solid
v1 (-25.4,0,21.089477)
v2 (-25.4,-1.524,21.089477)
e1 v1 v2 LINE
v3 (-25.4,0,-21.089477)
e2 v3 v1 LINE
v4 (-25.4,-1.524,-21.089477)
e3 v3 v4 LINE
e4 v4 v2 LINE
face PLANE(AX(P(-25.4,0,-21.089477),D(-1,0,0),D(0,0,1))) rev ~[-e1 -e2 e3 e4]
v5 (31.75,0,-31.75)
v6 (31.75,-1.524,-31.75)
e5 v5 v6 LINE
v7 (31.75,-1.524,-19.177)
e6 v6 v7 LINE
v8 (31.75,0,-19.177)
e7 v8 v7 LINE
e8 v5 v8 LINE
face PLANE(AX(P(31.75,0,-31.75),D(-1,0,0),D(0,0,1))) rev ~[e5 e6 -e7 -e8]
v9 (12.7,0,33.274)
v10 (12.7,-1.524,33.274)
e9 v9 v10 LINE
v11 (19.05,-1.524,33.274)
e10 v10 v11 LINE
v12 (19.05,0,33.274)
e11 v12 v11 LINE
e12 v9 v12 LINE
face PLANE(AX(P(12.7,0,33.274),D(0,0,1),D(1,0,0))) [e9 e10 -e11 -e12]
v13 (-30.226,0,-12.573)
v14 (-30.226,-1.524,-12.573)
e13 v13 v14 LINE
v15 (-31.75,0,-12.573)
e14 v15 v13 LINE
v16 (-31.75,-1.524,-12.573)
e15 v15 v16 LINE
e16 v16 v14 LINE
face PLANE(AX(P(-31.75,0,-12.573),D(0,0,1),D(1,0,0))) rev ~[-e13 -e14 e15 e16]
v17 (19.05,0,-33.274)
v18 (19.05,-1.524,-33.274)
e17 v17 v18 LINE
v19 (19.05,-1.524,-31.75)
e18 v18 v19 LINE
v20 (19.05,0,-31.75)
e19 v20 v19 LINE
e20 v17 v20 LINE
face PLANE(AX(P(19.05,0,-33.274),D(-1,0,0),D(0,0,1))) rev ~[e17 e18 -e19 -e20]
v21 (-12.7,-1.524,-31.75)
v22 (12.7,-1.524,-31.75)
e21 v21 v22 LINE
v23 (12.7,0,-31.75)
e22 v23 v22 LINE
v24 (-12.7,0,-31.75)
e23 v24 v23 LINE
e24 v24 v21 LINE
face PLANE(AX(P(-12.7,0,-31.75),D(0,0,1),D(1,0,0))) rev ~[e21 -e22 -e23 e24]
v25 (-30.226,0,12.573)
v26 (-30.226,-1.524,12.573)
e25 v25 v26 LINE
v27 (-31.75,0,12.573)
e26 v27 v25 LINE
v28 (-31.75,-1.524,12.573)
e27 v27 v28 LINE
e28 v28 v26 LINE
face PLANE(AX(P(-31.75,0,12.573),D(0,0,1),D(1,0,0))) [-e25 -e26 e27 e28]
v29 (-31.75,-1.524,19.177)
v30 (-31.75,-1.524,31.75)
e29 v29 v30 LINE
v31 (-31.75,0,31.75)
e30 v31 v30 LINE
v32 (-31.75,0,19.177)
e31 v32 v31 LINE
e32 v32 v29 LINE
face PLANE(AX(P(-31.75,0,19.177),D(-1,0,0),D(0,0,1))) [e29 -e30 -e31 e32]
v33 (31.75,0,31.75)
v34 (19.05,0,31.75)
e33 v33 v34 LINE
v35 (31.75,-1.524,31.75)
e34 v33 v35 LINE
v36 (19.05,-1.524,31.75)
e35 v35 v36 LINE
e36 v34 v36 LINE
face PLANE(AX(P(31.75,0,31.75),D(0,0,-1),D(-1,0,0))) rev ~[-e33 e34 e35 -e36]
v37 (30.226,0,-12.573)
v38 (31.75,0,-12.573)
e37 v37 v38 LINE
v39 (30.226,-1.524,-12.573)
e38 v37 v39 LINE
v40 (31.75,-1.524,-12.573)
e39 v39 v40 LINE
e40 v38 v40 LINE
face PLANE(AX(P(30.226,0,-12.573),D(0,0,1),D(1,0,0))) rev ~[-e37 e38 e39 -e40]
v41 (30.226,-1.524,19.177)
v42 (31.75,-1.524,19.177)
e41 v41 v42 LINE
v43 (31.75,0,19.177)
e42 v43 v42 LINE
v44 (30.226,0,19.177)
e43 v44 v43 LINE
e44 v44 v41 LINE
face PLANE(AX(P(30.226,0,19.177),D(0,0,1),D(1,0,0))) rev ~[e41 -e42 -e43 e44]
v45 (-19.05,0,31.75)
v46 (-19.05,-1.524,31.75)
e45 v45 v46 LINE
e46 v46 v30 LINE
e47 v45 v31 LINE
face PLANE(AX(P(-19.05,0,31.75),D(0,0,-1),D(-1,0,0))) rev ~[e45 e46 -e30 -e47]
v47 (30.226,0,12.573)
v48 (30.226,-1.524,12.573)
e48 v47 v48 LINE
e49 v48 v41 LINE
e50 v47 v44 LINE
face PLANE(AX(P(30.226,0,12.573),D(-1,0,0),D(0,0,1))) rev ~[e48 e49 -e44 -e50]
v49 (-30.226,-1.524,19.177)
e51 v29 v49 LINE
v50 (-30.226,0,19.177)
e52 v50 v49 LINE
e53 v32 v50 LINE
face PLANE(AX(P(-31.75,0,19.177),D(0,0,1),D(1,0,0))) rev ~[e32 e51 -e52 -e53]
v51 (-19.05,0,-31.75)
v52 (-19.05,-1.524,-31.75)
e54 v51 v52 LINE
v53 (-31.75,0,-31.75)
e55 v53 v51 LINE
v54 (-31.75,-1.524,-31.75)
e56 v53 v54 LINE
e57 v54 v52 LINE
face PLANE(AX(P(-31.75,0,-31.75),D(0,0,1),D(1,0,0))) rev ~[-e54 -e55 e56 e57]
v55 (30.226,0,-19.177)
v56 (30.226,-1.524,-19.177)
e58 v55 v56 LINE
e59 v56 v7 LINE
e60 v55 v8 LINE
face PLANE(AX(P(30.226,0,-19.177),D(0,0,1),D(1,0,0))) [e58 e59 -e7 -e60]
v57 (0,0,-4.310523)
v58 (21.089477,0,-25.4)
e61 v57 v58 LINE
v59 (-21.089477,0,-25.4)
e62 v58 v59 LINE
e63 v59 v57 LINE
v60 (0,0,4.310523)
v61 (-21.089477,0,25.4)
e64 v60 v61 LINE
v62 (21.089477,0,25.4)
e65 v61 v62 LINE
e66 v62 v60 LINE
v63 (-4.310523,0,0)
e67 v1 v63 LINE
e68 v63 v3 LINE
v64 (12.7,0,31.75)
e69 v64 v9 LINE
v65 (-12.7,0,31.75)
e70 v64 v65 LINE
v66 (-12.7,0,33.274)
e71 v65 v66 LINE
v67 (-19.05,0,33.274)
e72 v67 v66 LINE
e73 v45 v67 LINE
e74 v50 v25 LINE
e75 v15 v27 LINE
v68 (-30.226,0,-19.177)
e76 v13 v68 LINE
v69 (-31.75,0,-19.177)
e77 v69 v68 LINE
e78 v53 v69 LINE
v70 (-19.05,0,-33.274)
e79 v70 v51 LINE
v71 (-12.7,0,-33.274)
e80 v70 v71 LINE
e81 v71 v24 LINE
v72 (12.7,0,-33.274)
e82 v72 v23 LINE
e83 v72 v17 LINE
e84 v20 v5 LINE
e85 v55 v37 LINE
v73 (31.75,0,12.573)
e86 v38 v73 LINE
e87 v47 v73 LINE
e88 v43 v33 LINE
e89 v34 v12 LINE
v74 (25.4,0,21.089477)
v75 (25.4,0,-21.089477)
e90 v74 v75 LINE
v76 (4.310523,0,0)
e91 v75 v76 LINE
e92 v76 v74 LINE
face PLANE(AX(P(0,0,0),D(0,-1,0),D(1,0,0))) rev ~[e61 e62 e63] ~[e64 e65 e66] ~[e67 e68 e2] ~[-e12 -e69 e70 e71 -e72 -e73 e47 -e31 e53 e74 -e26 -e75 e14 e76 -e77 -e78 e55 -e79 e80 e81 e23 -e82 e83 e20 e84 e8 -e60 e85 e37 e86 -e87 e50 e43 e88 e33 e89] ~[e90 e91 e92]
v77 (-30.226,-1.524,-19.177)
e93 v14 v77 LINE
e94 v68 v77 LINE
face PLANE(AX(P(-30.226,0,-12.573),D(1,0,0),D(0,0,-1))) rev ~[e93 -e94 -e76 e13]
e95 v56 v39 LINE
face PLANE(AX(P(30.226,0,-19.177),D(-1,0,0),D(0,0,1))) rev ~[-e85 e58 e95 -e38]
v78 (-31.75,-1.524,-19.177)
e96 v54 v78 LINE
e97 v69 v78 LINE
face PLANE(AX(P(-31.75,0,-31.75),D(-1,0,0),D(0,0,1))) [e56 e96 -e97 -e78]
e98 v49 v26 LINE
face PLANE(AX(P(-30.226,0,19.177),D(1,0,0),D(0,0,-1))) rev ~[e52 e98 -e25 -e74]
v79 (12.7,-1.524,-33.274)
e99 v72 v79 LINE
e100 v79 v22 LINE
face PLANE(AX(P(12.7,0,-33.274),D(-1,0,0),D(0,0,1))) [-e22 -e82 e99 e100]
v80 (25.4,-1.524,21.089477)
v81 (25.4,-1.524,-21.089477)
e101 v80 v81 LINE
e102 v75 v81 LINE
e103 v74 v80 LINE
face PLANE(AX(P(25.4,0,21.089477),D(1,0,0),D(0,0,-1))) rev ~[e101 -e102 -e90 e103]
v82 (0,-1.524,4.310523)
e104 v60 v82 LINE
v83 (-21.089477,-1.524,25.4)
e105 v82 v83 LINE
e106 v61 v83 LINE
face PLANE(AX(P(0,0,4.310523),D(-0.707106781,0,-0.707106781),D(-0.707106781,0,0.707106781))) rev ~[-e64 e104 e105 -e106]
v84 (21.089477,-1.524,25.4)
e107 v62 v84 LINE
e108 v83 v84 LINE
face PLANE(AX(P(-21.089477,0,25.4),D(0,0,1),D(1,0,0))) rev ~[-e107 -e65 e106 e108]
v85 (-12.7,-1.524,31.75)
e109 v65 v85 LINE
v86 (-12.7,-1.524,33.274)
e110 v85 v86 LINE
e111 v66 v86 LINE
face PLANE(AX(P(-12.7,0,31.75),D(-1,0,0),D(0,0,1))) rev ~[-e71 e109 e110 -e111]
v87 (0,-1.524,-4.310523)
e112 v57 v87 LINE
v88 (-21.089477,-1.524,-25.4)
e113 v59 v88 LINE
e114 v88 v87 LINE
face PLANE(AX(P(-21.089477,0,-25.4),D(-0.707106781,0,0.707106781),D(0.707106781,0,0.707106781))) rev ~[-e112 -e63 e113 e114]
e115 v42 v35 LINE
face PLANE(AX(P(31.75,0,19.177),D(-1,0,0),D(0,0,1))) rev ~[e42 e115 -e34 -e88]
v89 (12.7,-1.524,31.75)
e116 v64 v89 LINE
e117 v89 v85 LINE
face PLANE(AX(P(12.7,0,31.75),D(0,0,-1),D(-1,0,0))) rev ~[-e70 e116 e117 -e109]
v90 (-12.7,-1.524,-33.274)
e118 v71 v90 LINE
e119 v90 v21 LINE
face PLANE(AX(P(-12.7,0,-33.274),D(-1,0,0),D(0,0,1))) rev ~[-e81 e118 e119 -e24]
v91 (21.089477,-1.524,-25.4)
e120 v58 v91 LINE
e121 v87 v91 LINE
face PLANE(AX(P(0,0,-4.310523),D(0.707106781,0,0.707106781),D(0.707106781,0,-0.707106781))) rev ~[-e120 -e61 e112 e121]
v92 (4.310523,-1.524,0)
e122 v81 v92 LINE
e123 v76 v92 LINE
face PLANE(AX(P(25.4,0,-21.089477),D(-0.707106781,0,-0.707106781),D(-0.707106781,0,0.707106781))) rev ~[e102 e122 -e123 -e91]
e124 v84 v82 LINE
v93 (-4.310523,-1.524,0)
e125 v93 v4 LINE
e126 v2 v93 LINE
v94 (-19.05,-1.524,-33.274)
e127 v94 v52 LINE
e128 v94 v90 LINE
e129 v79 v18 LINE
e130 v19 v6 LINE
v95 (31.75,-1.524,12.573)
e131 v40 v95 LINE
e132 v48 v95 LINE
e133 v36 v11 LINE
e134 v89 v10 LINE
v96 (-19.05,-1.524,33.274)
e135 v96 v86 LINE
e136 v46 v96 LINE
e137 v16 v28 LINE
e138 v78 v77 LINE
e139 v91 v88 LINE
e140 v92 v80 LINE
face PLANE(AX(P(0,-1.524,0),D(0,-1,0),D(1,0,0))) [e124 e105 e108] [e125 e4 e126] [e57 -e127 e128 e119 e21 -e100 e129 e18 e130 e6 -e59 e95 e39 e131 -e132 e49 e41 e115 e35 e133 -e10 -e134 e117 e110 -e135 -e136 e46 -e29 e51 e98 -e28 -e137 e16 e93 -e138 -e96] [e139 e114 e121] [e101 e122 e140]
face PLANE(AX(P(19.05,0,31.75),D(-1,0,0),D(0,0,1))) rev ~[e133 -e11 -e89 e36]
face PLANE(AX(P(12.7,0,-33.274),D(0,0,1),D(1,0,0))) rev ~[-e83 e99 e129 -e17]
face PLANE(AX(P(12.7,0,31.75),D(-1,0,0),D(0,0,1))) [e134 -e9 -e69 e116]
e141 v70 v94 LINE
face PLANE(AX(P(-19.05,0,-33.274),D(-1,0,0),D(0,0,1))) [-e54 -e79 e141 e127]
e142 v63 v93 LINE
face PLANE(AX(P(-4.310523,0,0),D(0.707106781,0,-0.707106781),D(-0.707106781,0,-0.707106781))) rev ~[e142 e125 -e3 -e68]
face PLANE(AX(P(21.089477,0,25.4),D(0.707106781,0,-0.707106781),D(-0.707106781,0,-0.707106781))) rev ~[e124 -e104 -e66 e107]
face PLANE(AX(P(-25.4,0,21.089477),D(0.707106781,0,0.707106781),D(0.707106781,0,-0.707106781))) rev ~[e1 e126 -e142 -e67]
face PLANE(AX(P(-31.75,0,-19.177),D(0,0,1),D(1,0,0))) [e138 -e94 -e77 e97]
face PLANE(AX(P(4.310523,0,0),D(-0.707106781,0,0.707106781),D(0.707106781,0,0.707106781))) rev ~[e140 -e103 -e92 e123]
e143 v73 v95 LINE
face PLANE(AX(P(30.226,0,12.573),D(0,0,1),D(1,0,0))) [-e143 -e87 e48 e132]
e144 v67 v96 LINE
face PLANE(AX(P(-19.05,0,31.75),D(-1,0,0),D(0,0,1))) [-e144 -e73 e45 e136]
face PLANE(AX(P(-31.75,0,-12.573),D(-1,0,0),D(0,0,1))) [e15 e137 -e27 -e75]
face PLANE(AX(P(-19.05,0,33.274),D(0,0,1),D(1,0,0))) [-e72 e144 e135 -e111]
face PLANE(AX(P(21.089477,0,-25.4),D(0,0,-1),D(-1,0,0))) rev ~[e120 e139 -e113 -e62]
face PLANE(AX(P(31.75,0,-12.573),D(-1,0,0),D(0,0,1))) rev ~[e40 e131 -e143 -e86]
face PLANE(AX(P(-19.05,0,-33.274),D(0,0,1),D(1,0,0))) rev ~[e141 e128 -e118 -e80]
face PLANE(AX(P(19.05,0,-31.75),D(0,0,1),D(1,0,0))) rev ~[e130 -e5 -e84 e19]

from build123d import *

# Parameters (mm, degrees)
F0_W     = 1.524
F0_H     = 12.573
F0_H_2   = 25.146
F0_W_2   = 6.35
F0_H_3   = 1.524
F1_DEPTH = 1.524


with BuildPart() as f1:
    # F0 (on Front) → F1 (new body)
    with BuildSketch(Plane.XZ):
        Polygon((30.226, 19.177), (30.226, 31.75), (19.05, 31.75), (12.7, 31.75), (-12.7, 31.75), (-19.05, 31.75), (-30.226, 31.75), (-30.226, 19.177), (-30.226, 12.573), (-30.226, -12.573), (-30.226, -19.177), (-30.226, -31.75), (-19.05, -31.75), (-12.7, -31.75), (12.7, -31.75), (19.05, -31.75), (30.226, -31.75), (30.226, -19.177), (30.226, -12.573), (30.226, 12.573), align=None)
        Polygon((21.0894770619, 25.4), (25.4, 25.4), (25.4, 21.0894770619), (25.4, -21.0894770619), (25.4, -25.4), (21.0894770619, -25.4), (-21.0894770619, -25.4), (-25.4, -25.4), (-25.4, -21.0894770619), (-25.4, 21.0894770619), (-25.4, 25.4), (-21.0894770619, 25.4), align=None, mode=Mode.SUBTRACT)
        with Locations((-30.988, 25.4635)):
            Rectangle(F0_W, F0_H)
        with Locations((-30.988, 0)):
            Rectangle(F0_W, F0_H_2)
        with Locations((-30.988, -25.4635)):
            Rectangle(F0_W, F0_H)
        with Locations((30.988, -25.4635)):
            Rectangle(F0_W, F0_H)
        with Locations((30.988, 0)):
            Rectangle(F0_W, F0_H_2)
        with Locations((30.988, 25.4635)):
            Rectangle(F0_W, F0_H)
        with Locations((15.875, -32.512)):
            Rectangle(F0_W_2, F0_H_3)
        with Locations((-15.875, -32.512)):
            Rectangle(F0_W_2, F0_H_3)
        Polygon((0, 4.3105229381), (-21.0894770619, 25.4), (-25.4, 25.4), (-25.4, 21.0894770619), (-4.3105229381, 0), align=None)
        Polygon((4.3105229381, 0), (0, 4.3105229381), (-4.3105229381, 0), (0, -4.3105229381), align=None)
        Polygon((25.4, 21.0894770619), (25.4, 25.4), (21.0894770619, 25.4), (0, 4.3105229381), (4.3105229381, 0), align=None)
        Polygon((25.4, -25.4), (25.4, -21.0894770619), (4.3105229381, 0), (0, -4.3105229381), (21.0894770619, -25.4), align=None)
        Polygon((0, -4.3105229381), (-4.3105229381, 0), (-25.4, -21.0894770619), (-25.4, -25.4), (-21.0894770619, -25.4), align=None)
        with Locations((-15.875, 32.512)):
            Rectangle(F0_W_2, F0_H_3)
        with Locations((15.875, 32.512)):
            Rectangle(F0_W_2, F0_H_3)
    extrude(amount=F1_DEPTH)


solid = f1.part
